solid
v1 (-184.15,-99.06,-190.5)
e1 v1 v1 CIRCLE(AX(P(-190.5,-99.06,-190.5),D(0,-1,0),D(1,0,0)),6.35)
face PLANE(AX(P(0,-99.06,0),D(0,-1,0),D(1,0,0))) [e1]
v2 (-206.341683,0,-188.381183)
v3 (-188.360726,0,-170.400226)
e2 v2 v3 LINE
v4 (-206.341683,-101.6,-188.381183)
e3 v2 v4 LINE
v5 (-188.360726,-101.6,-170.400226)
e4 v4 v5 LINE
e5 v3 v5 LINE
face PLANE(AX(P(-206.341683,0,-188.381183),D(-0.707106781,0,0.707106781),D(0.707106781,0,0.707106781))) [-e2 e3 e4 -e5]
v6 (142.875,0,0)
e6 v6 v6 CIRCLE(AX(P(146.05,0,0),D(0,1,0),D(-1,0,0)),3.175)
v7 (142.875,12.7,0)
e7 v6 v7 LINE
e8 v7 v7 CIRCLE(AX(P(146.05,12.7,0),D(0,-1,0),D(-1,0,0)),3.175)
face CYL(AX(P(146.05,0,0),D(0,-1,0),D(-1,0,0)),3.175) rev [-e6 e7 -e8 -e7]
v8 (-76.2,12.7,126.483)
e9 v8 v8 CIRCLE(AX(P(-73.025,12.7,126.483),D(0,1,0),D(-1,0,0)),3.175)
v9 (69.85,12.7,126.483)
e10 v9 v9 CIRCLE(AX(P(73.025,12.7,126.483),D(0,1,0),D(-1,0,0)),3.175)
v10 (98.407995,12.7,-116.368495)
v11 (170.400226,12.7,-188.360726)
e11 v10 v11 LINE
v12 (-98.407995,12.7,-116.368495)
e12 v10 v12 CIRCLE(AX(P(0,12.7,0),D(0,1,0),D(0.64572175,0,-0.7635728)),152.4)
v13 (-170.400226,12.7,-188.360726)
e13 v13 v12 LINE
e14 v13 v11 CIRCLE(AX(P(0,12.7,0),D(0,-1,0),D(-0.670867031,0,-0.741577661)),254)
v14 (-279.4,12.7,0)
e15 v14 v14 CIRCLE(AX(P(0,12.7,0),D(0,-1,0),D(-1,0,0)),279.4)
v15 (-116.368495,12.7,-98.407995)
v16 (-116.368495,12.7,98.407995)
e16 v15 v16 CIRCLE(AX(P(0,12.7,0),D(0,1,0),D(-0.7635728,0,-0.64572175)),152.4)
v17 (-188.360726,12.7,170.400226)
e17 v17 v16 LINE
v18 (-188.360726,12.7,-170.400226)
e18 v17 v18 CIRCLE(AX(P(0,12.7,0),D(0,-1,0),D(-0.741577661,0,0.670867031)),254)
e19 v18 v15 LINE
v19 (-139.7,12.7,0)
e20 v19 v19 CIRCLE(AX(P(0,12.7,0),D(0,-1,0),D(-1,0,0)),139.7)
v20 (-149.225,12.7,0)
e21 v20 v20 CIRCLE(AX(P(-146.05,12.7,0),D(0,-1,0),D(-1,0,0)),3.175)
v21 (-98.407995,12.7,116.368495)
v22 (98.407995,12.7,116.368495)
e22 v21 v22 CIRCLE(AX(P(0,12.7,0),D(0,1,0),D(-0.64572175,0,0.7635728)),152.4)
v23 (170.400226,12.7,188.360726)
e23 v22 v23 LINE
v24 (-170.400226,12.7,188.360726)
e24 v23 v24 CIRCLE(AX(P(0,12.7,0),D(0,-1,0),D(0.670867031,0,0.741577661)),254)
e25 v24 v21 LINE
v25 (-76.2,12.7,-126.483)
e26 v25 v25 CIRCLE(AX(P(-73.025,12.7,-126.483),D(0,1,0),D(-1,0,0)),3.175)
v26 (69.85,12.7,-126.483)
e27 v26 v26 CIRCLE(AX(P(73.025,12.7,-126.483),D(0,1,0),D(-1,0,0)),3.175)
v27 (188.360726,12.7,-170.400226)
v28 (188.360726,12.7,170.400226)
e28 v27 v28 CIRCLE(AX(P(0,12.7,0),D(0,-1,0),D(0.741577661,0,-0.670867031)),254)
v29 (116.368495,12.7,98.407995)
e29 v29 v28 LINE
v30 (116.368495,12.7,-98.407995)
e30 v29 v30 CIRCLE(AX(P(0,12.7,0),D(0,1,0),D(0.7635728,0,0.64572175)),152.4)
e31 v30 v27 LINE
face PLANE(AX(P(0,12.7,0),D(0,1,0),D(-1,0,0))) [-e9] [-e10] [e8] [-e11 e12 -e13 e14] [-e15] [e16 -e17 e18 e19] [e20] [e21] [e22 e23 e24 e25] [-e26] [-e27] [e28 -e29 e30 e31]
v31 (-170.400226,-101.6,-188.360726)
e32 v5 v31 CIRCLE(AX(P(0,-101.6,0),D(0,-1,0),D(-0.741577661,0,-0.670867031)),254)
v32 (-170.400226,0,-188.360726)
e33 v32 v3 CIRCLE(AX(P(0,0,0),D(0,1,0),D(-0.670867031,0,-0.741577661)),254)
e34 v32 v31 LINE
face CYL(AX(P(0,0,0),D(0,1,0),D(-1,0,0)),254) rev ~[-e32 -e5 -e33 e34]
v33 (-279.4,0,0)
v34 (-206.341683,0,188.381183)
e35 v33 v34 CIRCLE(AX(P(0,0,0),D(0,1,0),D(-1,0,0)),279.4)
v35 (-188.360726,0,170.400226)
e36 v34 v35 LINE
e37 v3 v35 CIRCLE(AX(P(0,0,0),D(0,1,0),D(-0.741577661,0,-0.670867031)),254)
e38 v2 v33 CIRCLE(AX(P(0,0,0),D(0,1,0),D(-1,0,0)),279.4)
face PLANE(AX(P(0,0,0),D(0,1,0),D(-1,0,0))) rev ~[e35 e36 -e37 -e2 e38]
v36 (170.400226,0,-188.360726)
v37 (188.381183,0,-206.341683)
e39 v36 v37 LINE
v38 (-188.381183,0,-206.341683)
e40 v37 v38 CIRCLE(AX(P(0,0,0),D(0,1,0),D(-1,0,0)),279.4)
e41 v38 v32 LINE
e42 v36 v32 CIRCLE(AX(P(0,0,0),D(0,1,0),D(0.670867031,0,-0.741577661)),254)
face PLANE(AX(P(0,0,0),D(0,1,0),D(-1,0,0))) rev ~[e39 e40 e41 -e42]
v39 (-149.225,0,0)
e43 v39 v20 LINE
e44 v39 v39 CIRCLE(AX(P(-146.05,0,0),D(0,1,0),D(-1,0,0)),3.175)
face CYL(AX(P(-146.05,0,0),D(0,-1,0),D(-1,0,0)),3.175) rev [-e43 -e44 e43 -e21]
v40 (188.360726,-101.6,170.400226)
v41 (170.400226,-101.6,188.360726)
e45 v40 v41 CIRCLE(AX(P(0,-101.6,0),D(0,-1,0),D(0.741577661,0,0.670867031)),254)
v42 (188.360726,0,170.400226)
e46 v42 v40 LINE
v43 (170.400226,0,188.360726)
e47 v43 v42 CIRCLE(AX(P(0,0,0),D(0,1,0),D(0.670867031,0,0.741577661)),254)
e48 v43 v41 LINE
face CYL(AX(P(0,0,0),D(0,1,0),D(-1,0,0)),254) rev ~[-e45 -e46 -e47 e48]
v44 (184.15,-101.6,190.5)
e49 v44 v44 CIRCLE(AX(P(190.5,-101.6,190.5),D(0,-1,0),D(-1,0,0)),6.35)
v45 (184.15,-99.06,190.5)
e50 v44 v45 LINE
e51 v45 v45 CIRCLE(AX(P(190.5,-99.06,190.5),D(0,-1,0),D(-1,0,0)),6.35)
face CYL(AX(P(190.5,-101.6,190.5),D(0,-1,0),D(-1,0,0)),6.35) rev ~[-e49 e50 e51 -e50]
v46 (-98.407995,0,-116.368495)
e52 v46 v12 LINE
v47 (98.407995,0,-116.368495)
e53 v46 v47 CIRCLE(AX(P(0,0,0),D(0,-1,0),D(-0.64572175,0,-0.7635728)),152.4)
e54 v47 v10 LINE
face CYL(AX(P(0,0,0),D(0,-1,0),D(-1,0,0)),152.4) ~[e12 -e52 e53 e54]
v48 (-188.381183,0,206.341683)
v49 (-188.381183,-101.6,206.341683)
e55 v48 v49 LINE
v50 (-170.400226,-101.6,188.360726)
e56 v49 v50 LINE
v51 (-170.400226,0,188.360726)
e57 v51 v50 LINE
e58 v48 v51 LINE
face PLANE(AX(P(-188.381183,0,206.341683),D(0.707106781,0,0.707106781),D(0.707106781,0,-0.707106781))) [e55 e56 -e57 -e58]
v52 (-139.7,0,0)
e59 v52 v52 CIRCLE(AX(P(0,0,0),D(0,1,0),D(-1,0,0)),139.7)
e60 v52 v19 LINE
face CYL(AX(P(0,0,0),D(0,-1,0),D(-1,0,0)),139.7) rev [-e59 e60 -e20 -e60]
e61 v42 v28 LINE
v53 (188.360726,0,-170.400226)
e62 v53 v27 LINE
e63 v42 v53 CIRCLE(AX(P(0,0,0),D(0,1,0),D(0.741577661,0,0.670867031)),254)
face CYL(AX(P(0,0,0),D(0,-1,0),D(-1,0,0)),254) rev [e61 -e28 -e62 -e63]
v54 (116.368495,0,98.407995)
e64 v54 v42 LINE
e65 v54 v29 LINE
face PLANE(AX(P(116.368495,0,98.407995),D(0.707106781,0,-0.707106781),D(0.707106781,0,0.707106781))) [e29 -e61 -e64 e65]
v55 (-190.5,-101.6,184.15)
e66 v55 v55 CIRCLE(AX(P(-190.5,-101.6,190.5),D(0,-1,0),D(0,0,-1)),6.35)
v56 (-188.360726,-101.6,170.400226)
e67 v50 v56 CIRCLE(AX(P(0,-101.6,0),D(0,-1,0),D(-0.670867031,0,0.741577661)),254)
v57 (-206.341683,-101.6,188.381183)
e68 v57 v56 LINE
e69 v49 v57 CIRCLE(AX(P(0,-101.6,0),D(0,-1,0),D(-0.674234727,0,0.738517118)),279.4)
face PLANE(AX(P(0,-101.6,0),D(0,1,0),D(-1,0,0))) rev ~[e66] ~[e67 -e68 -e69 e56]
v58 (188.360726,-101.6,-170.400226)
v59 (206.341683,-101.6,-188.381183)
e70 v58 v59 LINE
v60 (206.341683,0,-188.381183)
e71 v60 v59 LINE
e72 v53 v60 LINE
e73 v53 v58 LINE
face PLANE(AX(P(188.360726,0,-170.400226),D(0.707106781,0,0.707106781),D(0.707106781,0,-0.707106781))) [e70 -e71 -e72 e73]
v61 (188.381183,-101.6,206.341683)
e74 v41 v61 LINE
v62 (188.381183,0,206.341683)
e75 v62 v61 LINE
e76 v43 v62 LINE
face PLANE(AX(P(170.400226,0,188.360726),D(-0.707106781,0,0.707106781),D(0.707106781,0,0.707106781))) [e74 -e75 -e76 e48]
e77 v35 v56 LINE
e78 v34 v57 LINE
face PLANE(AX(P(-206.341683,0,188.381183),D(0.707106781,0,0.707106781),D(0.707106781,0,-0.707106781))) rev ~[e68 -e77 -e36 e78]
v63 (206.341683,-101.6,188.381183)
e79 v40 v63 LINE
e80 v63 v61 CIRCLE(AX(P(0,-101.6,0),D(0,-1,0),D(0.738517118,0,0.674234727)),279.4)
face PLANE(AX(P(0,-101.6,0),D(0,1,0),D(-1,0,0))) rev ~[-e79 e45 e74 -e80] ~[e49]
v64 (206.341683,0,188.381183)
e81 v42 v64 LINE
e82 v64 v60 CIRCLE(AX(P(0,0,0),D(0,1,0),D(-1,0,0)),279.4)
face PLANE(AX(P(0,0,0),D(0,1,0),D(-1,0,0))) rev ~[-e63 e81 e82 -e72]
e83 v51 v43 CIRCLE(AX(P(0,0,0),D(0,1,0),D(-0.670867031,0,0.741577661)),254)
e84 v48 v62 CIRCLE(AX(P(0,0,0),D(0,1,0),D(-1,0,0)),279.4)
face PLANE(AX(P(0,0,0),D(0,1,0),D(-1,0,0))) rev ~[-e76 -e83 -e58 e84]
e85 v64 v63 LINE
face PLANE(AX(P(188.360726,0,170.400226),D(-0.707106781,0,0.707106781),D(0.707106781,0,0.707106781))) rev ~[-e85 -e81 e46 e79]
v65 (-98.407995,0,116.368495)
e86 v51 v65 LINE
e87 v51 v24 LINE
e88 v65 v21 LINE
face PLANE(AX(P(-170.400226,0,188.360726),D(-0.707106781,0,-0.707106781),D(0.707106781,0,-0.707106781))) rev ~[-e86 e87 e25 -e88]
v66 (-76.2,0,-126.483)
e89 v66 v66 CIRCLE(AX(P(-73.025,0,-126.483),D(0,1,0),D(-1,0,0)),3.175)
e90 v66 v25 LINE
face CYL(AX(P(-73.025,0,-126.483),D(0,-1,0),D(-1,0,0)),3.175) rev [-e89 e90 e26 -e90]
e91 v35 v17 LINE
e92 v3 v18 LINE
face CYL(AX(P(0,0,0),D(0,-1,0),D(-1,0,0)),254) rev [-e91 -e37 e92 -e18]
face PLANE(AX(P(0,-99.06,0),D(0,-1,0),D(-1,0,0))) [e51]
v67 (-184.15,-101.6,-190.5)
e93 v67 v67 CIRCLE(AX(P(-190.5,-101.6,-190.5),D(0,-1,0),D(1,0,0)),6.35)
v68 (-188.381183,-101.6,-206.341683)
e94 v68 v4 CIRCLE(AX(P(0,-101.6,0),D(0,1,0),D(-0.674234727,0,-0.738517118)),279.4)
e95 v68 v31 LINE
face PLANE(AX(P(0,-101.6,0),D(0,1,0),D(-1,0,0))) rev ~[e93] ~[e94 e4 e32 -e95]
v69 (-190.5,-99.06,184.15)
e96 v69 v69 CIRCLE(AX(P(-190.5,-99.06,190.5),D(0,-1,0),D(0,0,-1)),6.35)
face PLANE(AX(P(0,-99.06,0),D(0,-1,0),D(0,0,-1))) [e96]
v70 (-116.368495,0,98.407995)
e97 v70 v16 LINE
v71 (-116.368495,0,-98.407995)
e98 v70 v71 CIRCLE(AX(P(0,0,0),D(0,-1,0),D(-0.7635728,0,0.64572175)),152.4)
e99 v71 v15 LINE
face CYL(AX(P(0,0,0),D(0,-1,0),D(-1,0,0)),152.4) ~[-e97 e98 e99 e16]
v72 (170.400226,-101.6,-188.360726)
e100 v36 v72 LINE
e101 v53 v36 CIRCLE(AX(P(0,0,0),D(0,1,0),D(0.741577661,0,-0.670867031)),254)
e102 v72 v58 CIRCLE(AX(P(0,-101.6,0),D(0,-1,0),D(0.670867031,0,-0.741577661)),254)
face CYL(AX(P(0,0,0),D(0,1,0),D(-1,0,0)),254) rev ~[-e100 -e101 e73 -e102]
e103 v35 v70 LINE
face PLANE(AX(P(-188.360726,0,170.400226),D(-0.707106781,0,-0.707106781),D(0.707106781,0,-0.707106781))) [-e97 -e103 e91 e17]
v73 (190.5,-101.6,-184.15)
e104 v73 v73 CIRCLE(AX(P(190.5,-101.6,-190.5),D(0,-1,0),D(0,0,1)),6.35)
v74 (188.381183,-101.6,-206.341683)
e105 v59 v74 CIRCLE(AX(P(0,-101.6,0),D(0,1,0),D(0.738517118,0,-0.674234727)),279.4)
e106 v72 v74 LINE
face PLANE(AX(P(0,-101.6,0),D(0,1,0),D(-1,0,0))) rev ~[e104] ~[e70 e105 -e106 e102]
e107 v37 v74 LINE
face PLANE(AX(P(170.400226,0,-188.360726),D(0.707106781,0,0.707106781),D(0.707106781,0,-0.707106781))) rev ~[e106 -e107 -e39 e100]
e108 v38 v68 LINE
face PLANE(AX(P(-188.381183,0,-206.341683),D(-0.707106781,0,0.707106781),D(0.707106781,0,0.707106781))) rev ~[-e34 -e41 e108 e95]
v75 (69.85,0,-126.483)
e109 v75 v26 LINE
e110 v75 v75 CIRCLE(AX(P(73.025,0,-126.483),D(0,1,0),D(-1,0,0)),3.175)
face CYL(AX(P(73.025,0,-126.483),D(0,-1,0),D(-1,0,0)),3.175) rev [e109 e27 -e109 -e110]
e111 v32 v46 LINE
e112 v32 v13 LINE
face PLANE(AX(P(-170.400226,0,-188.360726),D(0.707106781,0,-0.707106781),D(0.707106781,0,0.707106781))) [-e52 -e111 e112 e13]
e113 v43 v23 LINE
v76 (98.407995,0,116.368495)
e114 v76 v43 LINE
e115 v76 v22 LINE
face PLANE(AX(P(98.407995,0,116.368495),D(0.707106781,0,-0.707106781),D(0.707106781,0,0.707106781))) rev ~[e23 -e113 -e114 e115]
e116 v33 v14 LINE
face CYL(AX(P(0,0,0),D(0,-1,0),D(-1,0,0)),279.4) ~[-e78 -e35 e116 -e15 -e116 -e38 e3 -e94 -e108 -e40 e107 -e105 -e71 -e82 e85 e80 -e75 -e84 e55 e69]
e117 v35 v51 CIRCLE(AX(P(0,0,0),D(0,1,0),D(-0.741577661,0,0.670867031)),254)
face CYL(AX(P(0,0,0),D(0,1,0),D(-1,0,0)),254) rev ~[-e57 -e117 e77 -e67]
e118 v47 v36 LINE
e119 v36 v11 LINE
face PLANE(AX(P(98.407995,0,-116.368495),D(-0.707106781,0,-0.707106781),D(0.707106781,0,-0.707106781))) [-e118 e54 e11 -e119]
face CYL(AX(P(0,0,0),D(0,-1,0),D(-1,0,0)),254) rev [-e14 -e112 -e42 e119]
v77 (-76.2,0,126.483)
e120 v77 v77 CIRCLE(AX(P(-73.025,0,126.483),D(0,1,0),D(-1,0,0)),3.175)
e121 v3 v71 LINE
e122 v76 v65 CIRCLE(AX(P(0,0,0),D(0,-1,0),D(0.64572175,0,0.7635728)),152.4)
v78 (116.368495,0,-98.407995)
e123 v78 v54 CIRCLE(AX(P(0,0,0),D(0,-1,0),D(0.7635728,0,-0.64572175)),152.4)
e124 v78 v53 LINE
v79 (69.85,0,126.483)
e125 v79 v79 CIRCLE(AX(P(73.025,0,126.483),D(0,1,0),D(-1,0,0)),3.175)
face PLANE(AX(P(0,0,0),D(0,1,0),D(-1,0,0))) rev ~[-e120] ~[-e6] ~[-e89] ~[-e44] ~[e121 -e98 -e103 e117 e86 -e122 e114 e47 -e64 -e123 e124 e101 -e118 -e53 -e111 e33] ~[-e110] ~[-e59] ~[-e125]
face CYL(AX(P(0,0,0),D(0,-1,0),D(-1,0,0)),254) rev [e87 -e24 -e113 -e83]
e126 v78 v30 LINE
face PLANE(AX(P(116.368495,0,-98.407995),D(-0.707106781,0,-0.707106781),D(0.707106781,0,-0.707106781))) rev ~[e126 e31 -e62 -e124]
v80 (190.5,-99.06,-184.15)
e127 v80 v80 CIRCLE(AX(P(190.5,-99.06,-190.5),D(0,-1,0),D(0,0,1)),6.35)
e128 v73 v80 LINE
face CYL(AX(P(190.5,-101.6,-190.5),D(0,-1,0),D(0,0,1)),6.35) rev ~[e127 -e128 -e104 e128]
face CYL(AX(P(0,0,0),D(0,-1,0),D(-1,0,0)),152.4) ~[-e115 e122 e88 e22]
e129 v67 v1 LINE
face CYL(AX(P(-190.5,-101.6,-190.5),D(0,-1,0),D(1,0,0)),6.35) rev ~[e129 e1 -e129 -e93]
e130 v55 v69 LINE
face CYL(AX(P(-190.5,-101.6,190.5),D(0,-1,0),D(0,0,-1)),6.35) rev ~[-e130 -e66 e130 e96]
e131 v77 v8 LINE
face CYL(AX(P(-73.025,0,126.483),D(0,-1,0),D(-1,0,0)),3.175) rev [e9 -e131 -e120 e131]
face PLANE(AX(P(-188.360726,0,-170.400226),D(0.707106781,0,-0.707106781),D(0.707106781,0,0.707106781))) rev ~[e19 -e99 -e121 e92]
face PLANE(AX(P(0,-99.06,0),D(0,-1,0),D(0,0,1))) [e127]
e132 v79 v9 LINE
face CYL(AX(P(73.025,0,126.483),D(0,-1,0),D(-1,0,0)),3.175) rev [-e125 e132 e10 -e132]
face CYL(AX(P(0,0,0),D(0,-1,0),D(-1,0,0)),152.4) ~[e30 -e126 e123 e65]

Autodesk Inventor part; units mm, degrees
ref_plane "YZ Plane" through (0, 0, 0) normal (1, 0, 0) x (0, 1, 0)
ref_plane "XZ Plane" through (0, 0, 0) normal (0, 1, 0) x (-1, 0, 0)
ref_plane "XY Plane" through (0, 0, 0) normal (0, 0, 1) x (1, 0, 0)
sketch "Sketch1" plane through (0, 0, 0) normal (0, 1, 0) x (-1, 0, 0)
  circle A0 centre (0, 0) radius 254
  circle A1 centre (0, 0) radius 279.4
  line L0 (0, 279.4) -> (0, -279.4)
  line L1 (-279.4, 0) -> (279.4, 0)
  line L2 (197.5656, -197.5656) -> (-197.5656, 197.5656)
  line L3 (197.5656, 197.5656) -> (-197.5656, -197.5656)
  line L4 (206.5459, -188.5854) -> (-188.5854, 206.5459)
  line L5 (188.5854, -206.5459) -> (-206.5459, 188.5854)
  line L6 (188.5854, 206.5459) -> (-206.5459, -188.5854)
  line L7 (206.5459, 188.5854) -> (-188.5854, -206.5459)
  circle A2 centre (0, 0) radius 152.4
  circle A3 centre (0, 0) radius 101.6
  circle A4 centre (0, 0) radius 88.9
  circle A5 centre (0, 0) radius 139.7
  circle A6 centre (146.05, 0) radius 3.175
  circle A7 centre (73.025, 126.483) radius 3.175
  circle A8 centre (-73.025, 126.483) radius 3.175
  circle A9 centre (-146.05, 0) radius 3.175
  circle A10 centre (-73.025, -126.483) radius 3.175
  circle A11 centre (73.025, -126.483) radius 3.175
  circle A12 centre (95.25, 0) radius 3.175
  circle A13 centre (47.625, 82.4889) radius 3.175
  circle A14 centre (-47.625, 82.4889) radius 3.175
  circle A15 centre (-95.25, 0) radius 3.175
  circle A16 centre (-47.625, -82.4889) radius 3.175
  circle A17 centre (47.625, -82.4889) radius 3.175
  circle A18 centre (0, 0) radius 284.48
  point P0 (-170.4002, -188.3607)
  point P1 (-98.408, -116.3685)
  point P2 (98.408, -116.3685)
  point P3 (170.4002, -188.3607)
  point P4 (-188.3607, 170.4002)
  point P5 (-116.3685, 98.408)
  point P6 (-116.3685, -98.408)
  point P7 (-188.3607, -170.4002)
  point P8 (-170.4002, 188.3607)
  point P9 (170.4002, 188.3607)
  point P10 (98.408, 116.3685)
  point P11 (-98.408, 116.3685)
  point P12 (188.3607, -170.4002)
  point P13 (116.3685, -98.408)
  point P14 (116.3685, 98.408)
  point P15 (188.3607, 170.4002)
  point P16 (188.3812, 206.3417)
  point P17 (206.3417, 188.3812)
  point P18 (188.3812, -206.3417)
  point P19 (206.3417, -188.3812)
  point P20 (-206.3417, -188.3812)
  point P21 (-188.3812, -206.3417)
  point P22 (-188.3812, 206.3417)
  point P23 (-206.3417, 188.3812)
  dimension "d36" = 4
  dimension "d0" = 508
  dimension "d1" = 25.4
  dimension "d2" = 45
  dimension "d3" = 0
  dimension "d4" = 0
  dimension "d5" = 45
  dimension "d6" = 12.7
  dimension "d7" = 12.7
  dimension "d8" = 12.7
  dimension "d9" = 12.7
  dimension "d10" = 304.8
  dimension "d11" = 203.2
  dimension "d12" = 177.8
  dimension "d13" = 12.7
  dimension "d14" = 6.35
  dimension "d15" = 146.05
  dimension "d18" = 360
  dimension "d20" = 6.35
  dimension "d21" = 95.25
  dimension "d24" = 360
  dimension "d26" = 5.08
extrude "Extrusion1" add sketch "Sketch1" along normal blind 12.7 contours L1 A1 L4 A0 | A0 L7 A1 L1 | L7 A2 L3 A0 | A0 L3 A1 L7 | L4 A1 L2 A0 | A0 L2 A2 L4 | A2 L4 A5 L1 A6 | L1 A6 A5 L7 A2 | L3 A2 L6 A0 | A0 L6 A1 L3 | L7 A5 L3 A2 | L2 A1 L5 A0 | A0 L5 A2 L2 | A2 L2 A5 L4 | A0 L0 A1 L6 | L3 A5 L6 A2 | L5 A1 L0 A0 | A2 L5 A5 L2 | A0 L4 A1 L0 | L6 A5 L0 A2 | L0 A1 L7 A0 | A2 L0 A5 L5 | L4 A2 L2 A0 | A0 L2 A1 L4 | L0 A5 L4 A2 | L7 A1 L3 A0 | A0 L3 A2 L7 | A2 L7 A5 L0 | L2 A2 L5 A0 | A0 L5 A1 L2 | L4 A5 L2 A2 | L3 A1 L6 A0 | A0 L6 A2 L3 | A2 L3 A5 L7 | A0 L1 A1 L5 | L2 A5 L5 A2 | L6 A1 L1 A0 | A2 L6 A5 L3 | L5 A5 L1 A9 A2 | A2 L1 A9 A5 L6
extrude "Extrusion2" add sketch "Sketch1" against normal blind 101.6 contours A0 L3 A1 L7 | L4 A1 L2 A0 | A0 L6 A1 L3 | L2 A1 L5 A0 | A0 L2 A1 L4 | L7 A1 L3 A0 | A0 L5 A1 L2 | L3 A1 L6 A0
sketch "Sketch2" plane through (0, -101.6, 0) normal (0, -1, 0) x (1, 0, 0)
  circle A0 centre (-190.5, -190.5) radius 6.35
  line L0 (-188.3607, -170.4002) -> (-206.3417, -188.3812) projected
  arc A1 (-206.3417, -188.3812) -> (-188.3812, -206.3417) centre (0, 0) ccw projected
  dimension "d31" = 12.7
  dimension "d32" = 12.7
  dimension "d33" = 190.5
extrude "Extrusion3" cut sketch "Sketch2" against normal blind 2.54
pattern_circular "Circular Pattern1" count 4 over 360 about axis through (0, 0, 0) along (0, 1, 0) of "Extrusion3"
properties part number "Lazy suzan lower frame"
